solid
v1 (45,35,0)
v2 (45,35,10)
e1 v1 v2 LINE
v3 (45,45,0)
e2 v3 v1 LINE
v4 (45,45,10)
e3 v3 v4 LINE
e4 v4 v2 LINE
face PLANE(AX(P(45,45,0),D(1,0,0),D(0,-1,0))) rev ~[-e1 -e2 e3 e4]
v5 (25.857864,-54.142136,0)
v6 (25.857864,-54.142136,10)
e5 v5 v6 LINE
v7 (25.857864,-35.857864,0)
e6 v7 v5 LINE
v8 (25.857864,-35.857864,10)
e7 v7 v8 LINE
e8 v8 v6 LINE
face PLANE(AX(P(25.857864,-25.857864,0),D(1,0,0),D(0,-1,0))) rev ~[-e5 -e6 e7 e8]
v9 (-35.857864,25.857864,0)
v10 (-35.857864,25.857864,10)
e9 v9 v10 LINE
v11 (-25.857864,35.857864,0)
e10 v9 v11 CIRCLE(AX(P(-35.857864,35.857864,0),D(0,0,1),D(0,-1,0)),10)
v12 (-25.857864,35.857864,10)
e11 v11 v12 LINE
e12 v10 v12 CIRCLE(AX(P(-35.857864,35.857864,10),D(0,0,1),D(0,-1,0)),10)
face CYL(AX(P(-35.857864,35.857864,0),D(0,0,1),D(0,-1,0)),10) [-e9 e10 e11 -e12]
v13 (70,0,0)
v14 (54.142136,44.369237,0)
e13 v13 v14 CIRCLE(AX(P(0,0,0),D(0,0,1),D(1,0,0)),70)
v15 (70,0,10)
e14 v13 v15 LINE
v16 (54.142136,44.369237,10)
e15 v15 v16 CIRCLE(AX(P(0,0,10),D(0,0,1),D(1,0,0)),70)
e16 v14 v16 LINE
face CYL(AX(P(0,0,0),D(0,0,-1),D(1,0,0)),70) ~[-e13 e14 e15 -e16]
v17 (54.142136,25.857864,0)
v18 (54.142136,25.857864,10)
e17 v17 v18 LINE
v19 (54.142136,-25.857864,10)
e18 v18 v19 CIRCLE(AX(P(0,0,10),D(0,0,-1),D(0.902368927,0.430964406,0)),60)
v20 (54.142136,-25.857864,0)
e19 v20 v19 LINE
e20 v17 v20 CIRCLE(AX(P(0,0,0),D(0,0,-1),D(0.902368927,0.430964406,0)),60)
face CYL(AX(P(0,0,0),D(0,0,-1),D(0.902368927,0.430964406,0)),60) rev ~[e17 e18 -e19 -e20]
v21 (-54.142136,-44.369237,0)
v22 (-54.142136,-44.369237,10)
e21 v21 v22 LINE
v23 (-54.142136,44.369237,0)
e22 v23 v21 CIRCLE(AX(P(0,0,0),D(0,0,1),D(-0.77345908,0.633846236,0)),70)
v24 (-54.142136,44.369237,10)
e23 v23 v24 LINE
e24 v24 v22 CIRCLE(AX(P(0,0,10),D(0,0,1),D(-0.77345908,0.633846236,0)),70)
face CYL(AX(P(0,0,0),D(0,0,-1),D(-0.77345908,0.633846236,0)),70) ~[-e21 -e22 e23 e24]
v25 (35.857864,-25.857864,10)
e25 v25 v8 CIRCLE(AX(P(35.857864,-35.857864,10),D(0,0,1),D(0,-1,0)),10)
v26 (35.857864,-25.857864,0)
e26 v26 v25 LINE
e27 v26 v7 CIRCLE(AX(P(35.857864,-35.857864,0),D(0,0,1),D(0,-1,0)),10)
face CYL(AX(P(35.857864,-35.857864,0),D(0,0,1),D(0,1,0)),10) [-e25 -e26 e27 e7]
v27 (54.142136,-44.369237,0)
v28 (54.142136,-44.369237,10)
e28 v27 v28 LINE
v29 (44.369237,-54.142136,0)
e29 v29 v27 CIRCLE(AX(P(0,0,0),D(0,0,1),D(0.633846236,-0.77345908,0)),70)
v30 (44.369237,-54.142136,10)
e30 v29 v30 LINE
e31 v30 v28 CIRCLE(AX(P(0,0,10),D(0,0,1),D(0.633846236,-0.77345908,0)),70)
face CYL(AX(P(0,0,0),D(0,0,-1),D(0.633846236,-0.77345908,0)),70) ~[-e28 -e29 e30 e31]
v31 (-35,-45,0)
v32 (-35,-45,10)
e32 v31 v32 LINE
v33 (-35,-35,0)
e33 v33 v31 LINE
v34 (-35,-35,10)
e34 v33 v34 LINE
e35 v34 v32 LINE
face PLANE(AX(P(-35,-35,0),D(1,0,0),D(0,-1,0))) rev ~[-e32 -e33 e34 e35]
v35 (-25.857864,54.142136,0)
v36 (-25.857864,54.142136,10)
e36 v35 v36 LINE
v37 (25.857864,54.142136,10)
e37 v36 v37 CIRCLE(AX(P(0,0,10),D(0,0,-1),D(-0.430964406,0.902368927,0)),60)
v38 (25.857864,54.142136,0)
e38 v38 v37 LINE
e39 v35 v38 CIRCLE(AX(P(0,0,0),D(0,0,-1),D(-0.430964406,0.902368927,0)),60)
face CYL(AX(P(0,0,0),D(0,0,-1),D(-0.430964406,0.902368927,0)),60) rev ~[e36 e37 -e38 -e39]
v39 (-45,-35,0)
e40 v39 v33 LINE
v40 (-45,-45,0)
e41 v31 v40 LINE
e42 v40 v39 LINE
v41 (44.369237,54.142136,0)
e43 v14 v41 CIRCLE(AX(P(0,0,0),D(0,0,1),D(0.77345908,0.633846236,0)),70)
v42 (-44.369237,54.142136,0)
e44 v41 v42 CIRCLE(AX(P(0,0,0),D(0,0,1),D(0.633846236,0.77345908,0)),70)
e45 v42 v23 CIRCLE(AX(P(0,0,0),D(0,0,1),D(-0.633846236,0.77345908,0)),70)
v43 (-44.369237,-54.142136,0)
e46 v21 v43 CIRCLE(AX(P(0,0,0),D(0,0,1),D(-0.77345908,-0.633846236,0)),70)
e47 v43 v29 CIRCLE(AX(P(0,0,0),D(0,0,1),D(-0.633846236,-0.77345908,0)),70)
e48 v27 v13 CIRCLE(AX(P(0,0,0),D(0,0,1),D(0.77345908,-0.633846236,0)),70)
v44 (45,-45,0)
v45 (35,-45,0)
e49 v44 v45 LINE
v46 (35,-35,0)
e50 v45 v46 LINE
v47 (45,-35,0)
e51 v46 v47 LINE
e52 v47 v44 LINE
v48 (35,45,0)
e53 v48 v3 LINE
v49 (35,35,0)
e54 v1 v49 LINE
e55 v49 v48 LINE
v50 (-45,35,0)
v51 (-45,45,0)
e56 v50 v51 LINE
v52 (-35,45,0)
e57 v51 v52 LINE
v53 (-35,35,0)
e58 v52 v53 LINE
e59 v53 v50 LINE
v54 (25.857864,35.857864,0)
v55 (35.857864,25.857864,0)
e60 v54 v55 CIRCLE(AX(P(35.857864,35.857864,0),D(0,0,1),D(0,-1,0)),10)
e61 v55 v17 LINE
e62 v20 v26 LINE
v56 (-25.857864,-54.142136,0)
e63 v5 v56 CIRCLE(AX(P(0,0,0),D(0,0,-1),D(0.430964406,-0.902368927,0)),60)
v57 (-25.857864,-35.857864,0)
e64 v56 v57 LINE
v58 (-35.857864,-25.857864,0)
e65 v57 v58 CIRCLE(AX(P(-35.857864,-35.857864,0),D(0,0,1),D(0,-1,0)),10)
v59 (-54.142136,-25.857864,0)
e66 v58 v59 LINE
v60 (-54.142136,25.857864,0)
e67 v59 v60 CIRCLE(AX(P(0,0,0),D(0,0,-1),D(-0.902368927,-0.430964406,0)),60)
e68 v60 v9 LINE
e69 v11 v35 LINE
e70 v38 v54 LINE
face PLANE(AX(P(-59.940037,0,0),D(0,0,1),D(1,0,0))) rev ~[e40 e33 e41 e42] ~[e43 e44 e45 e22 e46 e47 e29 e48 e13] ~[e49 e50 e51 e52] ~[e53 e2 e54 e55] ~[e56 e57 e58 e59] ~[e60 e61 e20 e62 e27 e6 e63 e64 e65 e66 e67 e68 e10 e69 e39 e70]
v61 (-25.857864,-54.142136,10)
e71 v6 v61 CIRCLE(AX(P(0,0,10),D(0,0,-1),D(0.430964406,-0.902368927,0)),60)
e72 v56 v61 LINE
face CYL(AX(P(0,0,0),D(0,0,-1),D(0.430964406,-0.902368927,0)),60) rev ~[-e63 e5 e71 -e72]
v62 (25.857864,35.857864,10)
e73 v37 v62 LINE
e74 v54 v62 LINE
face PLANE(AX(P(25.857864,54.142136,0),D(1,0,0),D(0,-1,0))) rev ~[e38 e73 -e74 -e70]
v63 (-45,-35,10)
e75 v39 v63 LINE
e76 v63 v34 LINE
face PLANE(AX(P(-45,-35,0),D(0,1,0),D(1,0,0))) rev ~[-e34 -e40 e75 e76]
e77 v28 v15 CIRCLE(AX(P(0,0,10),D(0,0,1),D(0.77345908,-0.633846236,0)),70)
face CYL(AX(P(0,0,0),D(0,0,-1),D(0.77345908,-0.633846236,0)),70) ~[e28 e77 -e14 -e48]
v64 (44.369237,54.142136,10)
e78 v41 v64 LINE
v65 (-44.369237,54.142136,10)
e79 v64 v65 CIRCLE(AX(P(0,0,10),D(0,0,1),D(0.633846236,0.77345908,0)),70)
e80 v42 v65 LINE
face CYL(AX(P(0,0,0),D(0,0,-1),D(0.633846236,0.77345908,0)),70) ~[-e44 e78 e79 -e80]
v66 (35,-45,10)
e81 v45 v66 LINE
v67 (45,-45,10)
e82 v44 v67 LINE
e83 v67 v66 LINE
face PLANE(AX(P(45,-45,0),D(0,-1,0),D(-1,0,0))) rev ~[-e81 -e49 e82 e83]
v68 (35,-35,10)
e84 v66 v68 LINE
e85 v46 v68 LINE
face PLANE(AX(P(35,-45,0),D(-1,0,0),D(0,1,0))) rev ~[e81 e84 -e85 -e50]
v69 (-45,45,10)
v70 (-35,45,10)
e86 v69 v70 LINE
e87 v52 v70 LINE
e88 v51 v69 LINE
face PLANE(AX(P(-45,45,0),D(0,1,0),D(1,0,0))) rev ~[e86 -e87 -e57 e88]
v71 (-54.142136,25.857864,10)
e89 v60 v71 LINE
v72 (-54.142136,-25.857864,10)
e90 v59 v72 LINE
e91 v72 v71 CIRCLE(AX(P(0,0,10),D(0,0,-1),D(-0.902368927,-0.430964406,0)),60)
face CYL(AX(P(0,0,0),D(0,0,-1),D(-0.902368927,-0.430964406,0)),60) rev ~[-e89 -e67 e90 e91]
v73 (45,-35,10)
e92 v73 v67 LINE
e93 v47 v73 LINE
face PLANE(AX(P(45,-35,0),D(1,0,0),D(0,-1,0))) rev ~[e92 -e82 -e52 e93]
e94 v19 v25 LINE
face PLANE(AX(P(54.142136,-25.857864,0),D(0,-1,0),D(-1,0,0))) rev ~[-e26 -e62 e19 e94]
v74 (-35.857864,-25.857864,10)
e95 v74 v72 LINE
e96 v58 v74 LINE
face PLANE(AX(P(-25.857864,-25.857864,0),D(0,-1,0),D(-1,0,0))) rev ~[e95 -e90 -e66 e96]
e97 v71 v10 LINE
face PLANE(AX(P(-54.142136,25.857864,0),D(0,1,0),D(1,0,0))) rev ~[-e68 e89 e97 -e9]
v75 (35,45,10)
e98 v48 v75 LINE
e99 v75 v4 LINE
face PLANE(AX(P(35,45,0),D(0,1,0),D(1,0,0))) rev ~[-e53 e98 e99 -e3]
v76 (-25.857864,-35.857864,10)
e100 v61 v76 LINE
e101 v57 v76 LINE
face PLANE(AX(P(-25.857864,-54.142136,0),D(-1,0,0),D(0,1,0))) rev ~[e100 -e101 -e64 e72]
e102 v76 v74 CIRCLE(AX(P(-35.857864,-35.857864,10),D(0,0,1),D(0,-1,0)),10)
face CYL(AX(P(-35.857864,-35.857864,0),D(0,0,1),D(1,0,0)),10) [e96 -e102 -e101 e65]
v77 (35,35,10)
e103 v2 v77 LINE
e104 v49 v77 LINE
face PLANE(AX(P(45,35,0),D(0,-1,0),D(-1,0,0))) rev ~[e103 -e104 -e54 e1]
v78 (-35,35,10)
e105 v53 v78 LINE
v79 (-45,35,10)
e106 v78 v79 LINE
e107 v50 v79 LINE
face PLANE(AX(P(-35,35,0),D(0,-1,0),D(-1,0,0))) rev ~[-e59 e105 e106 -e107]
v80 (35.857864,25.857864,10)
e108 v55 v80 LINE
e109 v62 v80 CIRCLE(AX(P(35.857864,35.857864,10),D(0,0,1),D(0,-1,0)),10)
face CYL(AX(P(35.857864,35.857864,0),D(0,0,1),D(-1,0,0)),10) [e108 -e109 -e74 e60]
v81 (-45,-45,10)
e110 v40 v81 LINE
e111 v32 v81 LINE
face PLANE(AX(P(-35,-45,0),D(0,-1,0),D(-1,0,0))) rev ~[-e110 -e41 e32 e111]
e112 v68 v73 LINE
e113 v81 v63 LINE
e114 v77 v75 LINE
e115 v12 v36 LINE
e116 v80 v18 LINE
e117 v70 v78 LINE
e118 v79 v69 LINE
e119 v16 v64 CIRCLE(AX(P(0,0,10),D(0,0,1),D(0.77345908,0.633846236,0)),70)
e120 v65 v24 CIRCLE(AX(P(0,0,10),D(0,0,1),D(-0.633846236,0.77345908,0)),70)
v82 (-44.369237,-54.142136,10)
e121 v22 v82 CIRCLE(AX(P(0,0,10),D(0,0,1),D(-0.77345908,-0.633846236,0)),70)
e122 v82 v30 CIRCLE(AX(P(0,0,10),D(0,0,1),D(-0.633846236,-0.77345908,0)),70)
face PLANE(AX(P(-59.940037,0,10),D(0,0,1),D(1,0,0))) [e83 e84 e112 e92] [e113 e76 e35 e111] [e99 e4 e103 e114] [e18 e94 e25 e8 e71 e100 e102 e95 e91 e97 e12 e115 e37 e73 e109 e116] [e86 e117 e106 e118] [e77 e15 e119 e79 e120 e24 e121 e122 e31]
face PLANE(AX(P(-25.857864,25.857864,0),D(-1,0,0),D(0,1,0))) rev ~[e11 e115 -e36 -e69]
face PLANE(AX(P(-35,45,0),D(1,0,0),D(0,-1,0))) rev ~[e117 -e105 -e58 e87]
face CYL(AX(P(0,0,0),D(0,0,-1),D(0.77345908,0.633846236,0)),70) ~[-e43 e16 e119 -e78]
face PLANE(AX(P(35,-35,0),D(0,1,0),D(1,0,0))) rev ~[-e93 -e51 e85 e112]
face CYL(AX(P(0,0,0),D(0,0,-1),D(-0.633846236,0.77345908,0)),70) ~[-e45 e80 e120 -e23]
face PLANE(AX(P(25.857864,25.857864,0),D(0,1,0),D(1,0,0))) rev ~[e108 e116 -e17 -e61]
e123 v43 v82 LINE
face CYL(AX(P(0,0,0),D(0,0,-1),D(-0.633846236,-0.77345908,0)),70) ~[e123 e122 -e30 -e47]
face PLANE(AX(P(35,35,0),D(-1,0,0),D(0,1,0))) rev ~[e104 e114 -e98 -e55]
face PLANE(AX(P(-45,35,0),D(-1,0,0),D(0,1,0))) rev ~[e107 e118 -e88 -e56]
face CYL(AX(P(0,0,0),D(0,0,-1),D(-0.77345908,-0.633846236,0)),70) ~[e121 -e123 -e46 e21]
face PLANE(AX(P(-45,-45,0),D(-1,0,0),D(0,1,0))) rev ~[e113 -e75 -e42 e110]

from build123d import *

# Parameters (mm, degrees)
F1_DEPTH = 10
F2_R     = 10


with BuildPart() as f1:
    # F0 (on Top) → F1 (new body)
    with BuildSketch(Plane.XY):
        with BuildLine():
            Line((-54.1421356237, 25.8578643763), (-54.1421356237, 44.3692365283))
            ThreePointArc((-54.1421356237, 44.3692365283), (-70, 0), (-54.1421356237, -44.3692365283))
            Line((-54.1421356237, -44.3692365283), (-54.1421356237, -25.8578643763))
            ThreePointArc((-54.1421356237, -25.8578643763), (-60, 0), (-54.1421356237, 25.8578643763))
        make_face()
        with BuildLine():
            Line((-25.8578643763, 54.1421356237), (-44.3692365283, 54.1421356237))
            ThreePointArc((-44.3692365283, 54.1421356237), (-49.4974746831, 49.4974746831), (-54.1421356237, 44.3692365283))
            Line((-54.1421356237, 44.3692365283), (-54.1421356237, 25.8578643763))
            ThreePointArc((-54.1421356237, 25.8578643763), (-50.0509436697, 33.0893190891), (-45, 39.686269666))
            Line((-45, 39.686269666), (-45, 45))
            Line((-45, 45), (-39.686269666, 45))
            ThreePointArc((-39.686269666, 45), (-33.0893190891, 50.0509436697), (-25.8578643763, 54.1421356237))
        make_face()
        with BuildLine():
            Line((25.8578643763, 54.1421356237), (44.3692365283, 54.1421356237))
            ThreePointArc((44.3692365283, 54.1421356237), (0, 70), (-44.3692365283, 54.1421356237))
            Line((-44.3692365283, 54.1421356237), (-25.8578643763, 54.1421356237))
            ThreePointArc((-25.8578643763, 54.1421356237), (0, 60), (25.8578643763, 54.1421356237))
        make_face()
        with BuildLine():
            Line((54.1421356237, 25.8578643763), (54.1421356237, 44.3692365283))
            ThreePointArc((54.1421356237, 44.3692365283), (49.4974746831, 49.4974746831), (44.3692365283, 54.1421356237))
            Line((44.3692365283, 54.1421356237), (25.8578643763, 54.1421356237))
            ThreePointArc((25.8578643763, 54.1421356237), (33.0893190891, 50.0509436697), (39.686269666, 45))
            Line((39.686269666, 45), (45, 45))
            Line((45, 45), (45, 39.686269666))
            ThreePointArc((45, 39.686269666), (50.0509436697, 33.0893190891), (54.1421356237, 25.8578643763))
        make_face()
        with BuildLine():
            ThreePointArc((54.1421356237, -44.3692365283), (65.9164224365, -23.5589739414), (70, 0))
            ThreePointArc((70, 0), (65.9164224365, 23.5589739414), (54.1421356237, 44.3692365283))
            Line((54.1421356237, 44.3692365283), (54.1421356237, 25.8578643763))
            ThreePointArc((54.1421356237, 25.8578643763), (58.5172117305, 13.2565429614), (60, 0))
            ThreePointArc((60, 0), (58.5172117305, -13.2565429614), (54.1421356237, -25.8578643763))
            Line((54.1421356237, -25.8578643763), (54.1421356237, -44.3692365283))
        make_face()
        with BuildLine():
            ThreePointArc((44.3692365283, -54.1421356237), (49.4974746831, -49.4974746831), (54.1421356237, -44.3692365283))
            Line((54.1421356237, -44.3692365283), (54.1421356237, -25.8578643763))
            ThreePointArc((54.1421356237, -25.8578643763), (50.0509436697, -33.0893190891), (45, -39.686269666))
            Line((45, -39.686269666), (45, -45))
            Line((45, -45), (39.686269666, -45))
            ThreePointArc((39.686269666, -45), (33.0893190891, -50.0509436697), (25.8578643763, -54.1421356237))
            Line((25.8578643763, -54.1421356237), (44.3692365283, -54.1421356237))
        make_face()
        with BuildLine():
            ThreePointArc((-44.3692365283, -54.1421356237), (0, -70), (44.3692365283, -54.1421356237))
            Line((44.3692365283, -54.1421356237), (25.8578643763, -54.1421356237))
            ThreePointArc((25.8578643763, -54.1421356237), (0, -60), (-25.8578643763, -54.1421356237))
            Line((-25.8578643763, -54.1421356237), (-44.3692365283, -54.1421356237))
        make_face()
        with BuildLine():
            ThreePointArc((-54.1421356237, -44.3692365283), (-49.4974746831, -49.4974746831), (-44.3692365283, -54.1421356237))
            Line((-44.3692365283, -54.1421356237), (-25.8578643763, -54.1421356237))
            ThreePointArc((-25.8578643763, -54.1421356237), (-33.0893190891, -50.0509436697), (-39.686269666, -45))
            Line((-39.686269666, -45), (-45, -45))
            Line((-45, -45), (-45, -39.686269666))
            ThreePointArc((-45, -39.686269666), (-50.0509436697, -33.0893190891), (-54.1421356237, -25.8578643763))
            Line((-54.1421356237, -25.8578643763), (-54.1421356237, -44.3692365283))
        make_face()
        Polygon((-35, -40), (-25.8578643763, -40), (-25.8578643763, -25.8578643763), (-40, -25.8578643763), (-40, -35), (-35, -35), align=None)
        with BuildLine():
            Line((-40, -25.8578643763), (-54.1421356237, -25.8578643763))
            ThreePointArc((-54.1421356237, -25.8578643763), (-50.0509436697, -33.0893190891), (-45, -39.686269666))
            Line((-45, -39.686269666), (-45, -35))
            Line((-45, -35), (-40, -35))
            Line((-40, -35), (-40, -25.8578643763))
        make_face()
        with BuildLine():
            ThreePointArc((-39.686269666, -45), (-33.0893190891, -50.0509436697), (-25.8578643763, -54.1421356237))
            Line((-25.8578643763, -54.1421356237), (-25.8578643763, -40))
            Line((-25.8578643763, -40), (-35, -40))
            Line((-35, -40), (-35, -45))
            Line((-35, -45), (-39.686269666, -45))
        make_face()
        with BuildLine():
            Line((25.8578643763, -40), (25.8578643763, -54.1421356237))
            ThreePointArc((25.8578643763, -54.1421356237), (33.0893190891, -50.0509436697), (39.686269666, -45))
            Line((39.686269666, -45), (35, -45))
            Line((35, -45), (35, -40))
            Line((35, -40), (25.8578643763, -40))
        make_face()
        Polygon((40, -35), (40, -25.8578643763), (25.8578643763, -25.8578643763), (25.8578643763, -40), (35, -40), (35, -35), align=None)
        with BuildLine():
            ThreePointArc((45, -39.686269666), (50.0509436697, -33.0893190891), (54.1421356237, -25.8578643763))
            Line((54.1421356237, -25.8578643763), (40, -25.8578643763))
            Line((40, -25.8578643763), (40, -35))
            Line((40, -35), (45, -35))
            Line((45, -35), (45, -39.686269666))
        make_face()
        with BuildLine():
            Line((40, 25.8578643763), (54.1421356237, 25.8578643763))
            ThreePointArc((54.1421356237, 25.8578643763), (50.0509436697, 33.0893190891), (45, 39.686269666))
            Line((45, 39.686269666), (45, 35))
            Line((45, 35), (40, 35))
            Line((40, 35), (40, 25.8578643763))
        make_face()
        Polygon((25.8578643763, 25.8578643763), (40, 25.8578643763), (40, 35), (35, 35), (35, 40), (25.8578643763, 40), align=None)
        with BuildLine():
            ThreePointArc((39.686269666, 45), (33.0893190891, 50.0509436697), (25.8578643763, 54.1421356237))
            Line((25.8578643763, 54.1421356237), (25.8578643763, 40))
            Line((25.8578643763, 40), (35, 40))
            Line((35, 40), (35, 45))
            Line((35, 45), (39.686269666, 45))
        make_face()
        with BuildLine():
            Line((-25.8578643763, 40), (-25.8578643763, 54.1421356237))
            ThreePointArc((-25.8578643763, 54.1421356237), (-33.0893190891, 50.0509436697), (-39.686269666, 45))
            Line((-39.686269666, 45), (-35, 45))
            Line((-35, 45), (-35, 40))
            Line((-35, 40), (-25.8578643763, 40))
        make_face()
        Polygon((-25.8578643763, 25.8578643763), (-25.8578643763, 40), (-35, 40), (-35, 35), (-40, 35), (-40, 25.8578643763), align=None)
        with BuildLine():
            ThreePointArc((-45, 39.686269666), (-50.0509436697, 33.0893190891), (-54.1421356237, 25.8578643763))
            Line((-54.1421356237, 25.8578643763), (-40, 25.8578643763))
            Line((-40, 25.8578643763), (-40, 35))
            Line((-40, 35), (-45, 35))
            Line((-45, 35), (-45, 39.686269666))
        make_face()
    extrude(amount=F1_DEPTH)

    # F2
    f2_edges = [f1.edges().sort_by_distance(p)[0] for p in [
        (25.857864, 25.857864, 5),
        (25.857864, -25.857864, 5),
        (-25.857864, 25.857864, 5),
        (-25.857864, -25.857864, 5),
    ]]
    fillet(f2_edges, radius=F2_R)


solid = f1.part
